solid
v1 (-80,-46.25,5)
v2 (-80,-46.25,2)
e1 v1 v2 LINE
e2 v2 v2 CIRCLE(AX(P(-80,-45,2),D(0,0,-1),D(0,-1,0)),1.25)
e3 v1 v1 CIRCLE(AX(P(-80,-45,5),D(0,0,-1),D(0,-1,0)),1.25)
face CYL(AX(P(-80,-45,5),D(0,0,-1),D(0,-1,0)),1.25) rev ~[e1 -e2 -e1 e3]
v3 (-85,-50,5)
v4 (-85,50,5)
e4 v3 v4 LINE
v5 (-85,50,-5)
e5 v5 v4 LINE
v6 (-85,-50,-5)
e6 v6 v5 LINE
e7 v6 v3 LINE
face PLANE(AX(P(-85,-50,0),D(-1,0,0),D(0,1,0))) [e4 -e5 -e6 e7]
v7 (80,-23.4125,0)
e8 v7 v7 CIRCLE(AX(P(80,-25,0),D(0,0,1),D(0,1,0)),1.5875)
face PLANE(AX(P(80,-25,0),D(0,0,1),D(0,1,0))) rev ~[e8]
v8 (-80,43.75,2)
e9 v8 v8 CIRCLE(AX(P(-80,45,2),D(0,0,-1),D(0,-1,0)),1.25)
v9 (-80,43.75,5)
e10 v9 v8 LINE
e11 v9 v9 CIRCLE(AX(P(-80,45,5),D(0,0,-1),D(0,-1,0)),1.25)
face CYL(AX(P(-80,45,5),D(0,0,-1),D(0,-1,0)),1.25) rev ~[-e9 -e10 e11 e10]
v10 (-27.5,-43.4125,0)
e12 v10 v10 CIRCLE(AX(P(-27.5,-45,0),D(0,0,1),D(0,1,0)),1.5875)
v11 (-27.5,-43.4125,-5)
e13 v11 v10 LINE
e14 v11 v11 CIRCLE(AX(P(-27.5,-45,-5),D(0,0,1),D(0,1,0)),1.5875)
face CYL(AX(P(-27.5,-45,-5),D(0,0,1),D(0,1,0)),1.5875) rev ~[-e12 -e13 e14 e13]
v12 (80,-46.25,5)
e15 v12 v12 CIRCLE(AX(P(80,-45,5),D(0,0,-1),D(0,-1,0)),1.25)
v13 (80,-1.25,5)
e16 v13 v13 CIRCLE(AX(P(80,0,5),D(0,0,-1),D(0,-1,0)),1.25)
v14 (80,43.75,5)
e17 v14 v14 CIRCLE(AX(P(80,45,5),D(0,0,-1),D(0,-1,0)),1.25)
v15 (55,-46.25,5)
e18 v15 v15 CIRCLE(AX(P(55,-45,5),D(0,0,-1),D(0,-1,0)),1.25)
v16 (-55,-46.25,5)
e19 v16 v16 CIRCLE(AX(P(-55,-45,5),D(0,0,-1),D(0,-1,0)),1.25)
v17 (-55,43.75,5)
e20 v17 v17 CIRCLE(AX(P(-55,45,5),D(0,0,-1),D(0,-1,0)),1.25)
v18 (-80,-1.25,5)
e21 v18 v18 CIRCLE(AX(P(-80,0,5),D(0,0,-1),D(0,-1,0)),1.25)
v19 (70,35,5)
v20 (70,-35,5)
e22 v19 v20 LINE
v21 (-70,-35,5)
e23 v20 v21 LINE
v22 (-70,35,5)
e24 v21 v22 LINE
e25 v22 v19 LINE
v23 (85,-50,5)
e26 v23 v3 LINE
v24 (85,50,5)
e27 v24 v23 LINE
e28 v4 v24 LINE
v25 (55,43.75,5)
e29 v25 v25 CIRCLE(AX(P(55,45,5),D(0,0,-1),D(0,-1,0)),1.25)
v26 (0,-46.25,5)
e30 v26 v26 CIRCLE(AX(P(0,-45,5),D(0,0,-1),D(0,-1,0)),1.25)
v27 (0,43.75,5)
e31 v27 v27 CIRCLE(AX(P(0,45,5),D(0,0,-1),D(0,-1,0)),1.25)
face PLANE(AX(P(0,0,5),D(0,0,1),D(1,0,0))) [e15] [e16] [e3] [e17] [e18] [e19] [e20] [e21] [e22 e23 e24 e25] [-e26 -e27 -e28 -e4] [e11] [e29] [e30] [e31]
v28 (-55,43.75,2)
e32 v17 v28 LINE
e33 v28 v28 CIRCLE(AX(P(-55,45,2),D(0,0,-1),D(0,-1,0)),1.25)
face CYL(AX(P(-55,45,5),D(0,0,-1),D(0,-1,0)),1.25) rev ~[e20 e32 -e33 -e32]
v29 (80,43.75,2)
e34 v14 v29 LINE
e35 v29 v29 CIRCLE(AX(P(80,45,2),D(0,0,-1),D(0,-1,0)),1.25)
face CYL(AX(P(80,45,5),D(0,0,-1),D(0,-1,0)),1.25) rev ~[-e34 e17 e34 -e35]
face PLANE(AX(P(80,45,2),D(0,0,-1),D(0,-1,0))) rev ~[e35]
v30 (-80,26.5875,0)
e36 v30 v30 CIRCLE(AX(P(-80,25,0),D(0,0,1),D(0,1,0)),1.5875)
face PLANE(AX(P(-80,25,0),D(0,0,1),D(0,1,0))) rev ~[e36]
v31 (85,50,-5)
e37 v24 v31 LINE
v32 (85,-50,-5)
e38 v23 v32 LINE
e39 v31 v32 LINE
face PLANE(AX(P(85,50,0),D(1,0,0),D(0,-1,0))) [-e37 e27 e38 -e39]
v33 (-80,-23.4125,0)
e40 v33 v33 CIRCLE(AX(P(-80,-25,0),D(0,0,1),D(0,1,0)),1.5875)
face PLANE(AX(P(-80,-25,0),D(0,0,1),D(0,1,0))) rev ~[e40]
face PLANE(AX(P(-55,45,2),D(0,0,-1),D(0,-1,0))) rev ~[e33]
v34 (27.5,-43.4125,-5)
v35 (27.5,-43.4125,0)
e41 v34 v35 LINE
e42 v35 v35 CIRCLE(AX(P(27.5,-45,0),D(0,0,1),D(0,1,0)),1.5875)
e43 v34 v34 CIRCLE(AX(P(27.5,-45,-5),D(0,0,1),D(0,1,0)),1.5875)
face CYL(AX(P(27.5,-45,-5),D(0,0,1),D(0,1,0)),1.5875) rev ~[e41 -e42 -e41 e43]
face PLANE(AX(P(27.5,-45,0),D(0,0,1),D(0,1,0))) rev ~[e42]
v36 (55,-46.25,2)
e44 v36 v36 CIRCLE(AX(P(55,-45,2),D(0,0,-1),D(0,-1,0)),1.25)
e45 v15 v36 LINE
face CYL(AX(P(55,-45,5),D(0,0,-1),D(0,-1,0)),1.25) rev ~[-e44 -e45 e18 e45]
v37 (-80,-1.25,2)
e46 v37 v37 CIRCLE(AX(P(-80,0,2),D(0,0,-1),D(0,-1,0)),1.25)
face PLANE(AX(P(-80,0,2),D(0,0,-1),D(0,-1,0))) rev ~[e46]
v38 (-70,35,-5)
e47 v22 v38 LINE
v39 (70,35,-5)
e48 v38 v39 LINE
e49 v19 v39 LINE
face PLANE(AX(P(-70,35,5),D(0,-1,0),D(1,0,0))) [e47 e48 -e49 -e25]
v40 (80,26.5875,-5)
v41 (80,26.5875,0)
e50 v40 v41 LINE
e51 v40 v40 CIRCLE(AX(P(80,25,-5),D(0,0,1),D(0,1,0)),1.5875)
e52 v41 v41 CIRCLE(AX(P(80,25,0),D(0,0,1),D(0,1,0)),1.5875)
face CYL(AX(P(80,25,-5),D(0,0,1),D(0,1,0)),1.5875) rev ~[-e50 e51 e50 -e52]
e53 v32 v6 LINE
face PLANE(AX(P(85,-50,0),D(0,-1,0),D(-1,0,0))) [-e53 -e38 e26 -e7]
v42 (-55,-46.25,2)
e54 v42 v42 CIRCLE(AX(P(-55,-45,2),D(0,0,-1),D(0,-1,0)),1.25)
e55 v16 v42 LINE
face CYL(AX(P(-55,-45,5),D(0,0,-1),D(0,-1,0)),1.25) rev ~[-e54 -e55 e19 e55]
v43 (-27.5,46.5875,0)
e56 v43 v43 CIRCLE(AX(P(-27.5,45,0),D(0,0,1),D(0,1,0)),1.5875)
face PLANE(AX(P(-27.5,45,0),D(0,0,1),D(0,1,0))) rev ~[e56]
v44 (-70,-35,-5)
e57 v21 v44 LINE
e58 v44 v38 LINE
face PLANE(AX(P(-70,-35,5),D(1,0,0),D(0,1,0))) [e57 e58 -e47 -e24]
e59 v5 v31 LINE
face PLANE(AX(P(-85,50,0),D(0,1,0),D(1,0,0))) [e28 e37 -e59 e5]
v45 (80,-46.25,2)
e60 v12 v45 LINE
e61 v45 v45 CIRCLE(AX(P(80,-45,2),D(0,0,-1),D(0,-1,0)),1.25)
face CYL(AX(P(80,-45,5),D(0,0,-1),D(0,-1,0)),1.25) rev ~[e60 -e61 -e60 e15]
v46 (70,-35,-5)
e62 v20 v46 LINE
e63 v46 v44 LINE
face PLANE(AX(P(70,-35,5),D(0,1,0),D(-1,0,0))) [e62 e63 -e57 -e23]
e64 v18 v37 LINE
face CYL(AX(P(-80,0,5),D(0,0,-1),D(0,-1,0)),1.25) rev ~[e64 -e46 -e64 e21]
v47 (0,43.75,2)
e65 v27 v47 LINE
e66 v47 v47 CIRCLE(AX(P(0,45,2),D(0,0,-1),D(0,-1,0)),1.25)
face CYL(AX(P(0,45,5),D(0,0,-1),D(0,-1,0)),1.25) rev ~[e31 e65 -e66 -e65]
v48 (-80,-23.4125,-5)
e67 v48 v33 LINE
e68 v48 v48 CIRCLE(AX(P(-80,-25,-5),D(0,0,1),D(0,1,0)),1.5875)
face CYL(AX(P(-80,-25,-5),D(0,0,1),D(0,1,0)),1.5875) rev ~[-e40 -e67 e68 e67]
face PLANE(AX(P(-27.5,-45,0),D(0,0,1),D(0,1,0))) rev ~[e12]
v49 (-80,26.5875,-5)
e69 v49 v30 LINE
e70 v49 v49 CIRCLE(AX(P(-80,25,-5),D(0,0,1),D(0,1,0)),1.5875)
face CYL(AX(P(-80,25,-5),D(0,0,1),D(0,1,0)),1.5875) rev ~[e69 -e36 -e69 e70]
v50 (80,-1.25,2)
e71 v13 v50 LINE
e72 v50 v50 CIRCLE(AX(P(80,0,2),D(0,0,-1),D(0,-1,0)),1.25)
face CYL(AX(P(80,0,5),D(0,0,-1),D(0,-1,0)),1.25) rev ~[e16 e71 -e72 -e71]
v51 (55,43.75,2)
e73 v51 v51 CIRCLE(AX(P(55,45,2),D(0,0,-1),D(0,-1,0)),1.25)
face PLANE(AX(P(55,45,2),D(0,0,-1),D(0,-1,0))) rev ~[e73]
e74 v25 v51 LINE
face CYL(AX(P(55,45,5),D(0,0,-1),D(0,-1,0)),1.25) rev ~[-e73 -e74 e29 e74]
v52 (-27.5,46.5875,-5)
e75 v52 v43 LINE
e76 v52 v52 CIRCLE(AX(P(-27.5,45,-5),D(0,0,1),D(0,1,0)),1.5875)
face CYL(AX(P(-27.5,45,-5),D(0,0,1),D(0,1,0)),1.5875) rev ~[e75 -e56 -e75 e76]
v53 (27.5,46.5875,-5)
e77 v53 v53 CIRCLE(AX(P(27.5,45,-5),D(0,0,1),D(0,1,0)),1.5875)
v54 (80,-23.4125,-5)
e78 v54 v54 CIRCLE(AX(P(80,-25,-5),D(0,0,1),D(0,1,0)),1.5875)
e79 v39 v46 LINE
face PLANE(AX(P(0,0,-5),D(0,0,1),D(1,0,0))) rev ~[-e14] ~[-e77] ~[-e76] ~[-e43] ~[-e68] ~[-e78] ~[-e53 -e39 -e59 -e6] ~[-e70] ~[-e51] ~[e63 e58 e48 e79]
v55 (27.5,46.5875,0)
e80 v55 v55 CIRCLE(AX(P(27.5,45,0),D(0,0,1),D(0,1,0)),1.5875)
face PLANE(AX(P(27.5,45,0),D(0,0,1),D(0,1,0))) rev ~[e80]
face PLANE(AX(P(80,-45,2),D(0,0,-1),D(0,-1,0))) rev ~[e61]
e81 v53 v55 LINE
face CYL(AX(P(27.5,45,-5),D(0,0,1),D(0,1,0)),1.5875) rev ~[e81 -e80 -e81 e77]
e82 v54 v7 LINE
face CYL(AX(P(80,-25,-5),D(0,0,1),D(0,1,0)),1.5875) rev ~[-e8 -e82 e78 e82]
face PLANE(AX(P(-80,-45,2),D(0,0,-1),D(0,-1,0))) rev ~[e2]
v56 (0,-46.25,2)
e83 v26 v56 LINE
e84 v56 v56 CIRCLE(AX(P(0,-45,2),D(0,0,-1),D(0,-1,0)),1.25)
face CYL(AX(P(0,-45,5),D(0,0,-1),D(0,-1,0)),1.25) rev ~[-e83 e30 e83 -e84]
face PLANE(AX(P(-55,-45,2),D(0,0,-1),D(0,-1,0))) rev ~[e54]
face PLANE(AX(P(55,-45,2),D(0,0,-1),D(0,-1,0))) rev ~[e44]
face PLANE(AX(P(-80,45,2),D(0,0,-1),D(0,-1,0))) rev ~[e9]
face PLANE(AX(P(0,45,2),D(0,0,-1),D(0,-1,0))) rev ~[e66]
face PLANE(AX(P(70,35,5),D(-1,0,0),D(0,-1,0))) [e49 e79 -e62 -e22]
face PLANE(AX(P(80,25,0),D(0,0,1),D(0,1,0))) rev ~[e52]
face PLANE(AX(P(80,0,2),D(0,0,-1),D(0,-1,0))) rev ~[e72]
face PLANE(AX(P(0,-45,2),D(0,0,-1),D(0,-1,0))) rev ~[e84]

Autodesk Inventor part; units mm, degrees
ref_plane "YZ Plane" through (0, 0, 0) normal (1, 0, 0) x (0, 1, 0)
ref_plane "XZ Plane" through (0, 0, 0) normal (0, 1, 0) x (-1, 0, 0)
ref_plane "XY Plane" through (0, 0, 0) normal (0, 0, 1) x (1, 0, 0)
sketch "Sketch1" plane through (0, 0, 0) normal (0, 0, 1) x (1, 0, 0)
  line L0 (-85, 50) -> (85, 50)
  line L1 (85, 50) -> (85, -50)
  line L2 (85, -50) -> (-85, -50)
  line L3 (-85, -50) -> (-85, 50)
  line L4 (-85, 50) -> (85, -50) construction
  line L5 (85, 50) -> (-85, -50) construction
  point P0 (0, 0)
  dimension "d0" = 170
  dimension "d1" = 100
extrude "Extrusion1" add sketch "Sketch1" along normal mid plane 10
sketch "Sketch2" plane through (0, 0, 5) normal (0, 0, 1) x (1, 0, 0)
  line L0 (-70, 35) -> (70, 35)
  line L1 (70, 35) -> (70, -35)
  line L2 (70, -35) -> (-70, -35)
  line L3 (-70, -35) -> (-70, 35)
  line L4 (-70, 35) -> (70, -35) construction
  line L5 (70, 35) -> (-70, -35) construction
  point P0 (0, 0)
  dimension "d4" = 140
  dimension "d5" = 70
extrude "Extrusion2" cut sketch "Sketch2" against normal blind 10
sketch "Sketch3" plane through (0, 0, -5) normal (0, 0, -1) x (-1, 0, 0)
  line L0 (-85, -50) -> (85, -50) projected
  line L1 (-85, 50) -> (-85, -50) projected
  line L2 (-85, 50) -> (85, 50) projected
  point P0 (0, 0)
  point P1 (-27.5, -45)
  point P2 (-80, 25)
  point P3 (-80, -25)
  point P4 (80, 25)
  point P5 (80, -25)
  point P6 (27.5, -45)
  point P7 (-27.5, 45)
  point P8 (27.5, 45)
  dimension "d45" = 5
  dimension "d55" = 50
  dimension "d62" = 160
  dimension "d131" = 25
  dimension "d156" = 57.5
  dimension "d159" = 55
  dimension "d162" = 90
hole "Hole1" at (27.5, -45, -5) at (80, -25, -5) at (80, 25, -5) at (-80, -25, -5) at (-80, 25, -5) at (27.5, 45, -5) at (-27.5, 45, -5) at (-27.5, -45, -5) direction (0, 0, 1) diameter 3.175 depth 5
sketch "Sketch4" plane through (0, 0, 5) normal (0, 0, 1) x (1, 0, 0)
  line L0 (-85, 50) -> (-85, -50) projected
  line L1 (85, 50) -> (-85, 50) projected
  line L2 (-85, -50) -> (85, -50) projected
  line L3 (85, -50) -> (85, 50) projected
  point P0 (0, 0)
  point P1 (-80, 0)
  point P2 (-80, -45)
  point P3 (0, -45)
  point P4 (-55, -45)
  point P5 (55, -45)
  point P6 (80, -45)
  point P7 (80, 0)
  point P8 (-80, 45)
  point P9 (-55, 45)
  point P10 (55, 45)
  point P11 (0, 45)
  point P12 (80, 45)
  dimension "d3" = 0
  dimension "d72" = 50
  dimension "d73" = 5
  dimension "d74" = 5
  dimension "d75" = 85
  dimension "d78" = 25
  dimension "d80" = 5
  dimension "d81" = 5
  dimension "d82" = 25
  dimension "d85" = 160
  dimension "d115" = 5
  dimension "d116" = 5
  dimension "d117" = 5
  dimension "d120" = 90
  dimension "d125" = 45
hole "Hole2" at (-80, 0, 5) at (-80, -45, 5) at (0, -45, 5) at (-55, -45, 5) at (55, -45, 5) at (80, -45, 5) at (80, 0, 5) at (80, 45, 5) at (55, 45, 5) at (0, 45, 5) at (-55, 45, 5) at (-80, 45, 5) direction (0, 0, -1) diameter 2.5 depth 3
properties part number "top"
